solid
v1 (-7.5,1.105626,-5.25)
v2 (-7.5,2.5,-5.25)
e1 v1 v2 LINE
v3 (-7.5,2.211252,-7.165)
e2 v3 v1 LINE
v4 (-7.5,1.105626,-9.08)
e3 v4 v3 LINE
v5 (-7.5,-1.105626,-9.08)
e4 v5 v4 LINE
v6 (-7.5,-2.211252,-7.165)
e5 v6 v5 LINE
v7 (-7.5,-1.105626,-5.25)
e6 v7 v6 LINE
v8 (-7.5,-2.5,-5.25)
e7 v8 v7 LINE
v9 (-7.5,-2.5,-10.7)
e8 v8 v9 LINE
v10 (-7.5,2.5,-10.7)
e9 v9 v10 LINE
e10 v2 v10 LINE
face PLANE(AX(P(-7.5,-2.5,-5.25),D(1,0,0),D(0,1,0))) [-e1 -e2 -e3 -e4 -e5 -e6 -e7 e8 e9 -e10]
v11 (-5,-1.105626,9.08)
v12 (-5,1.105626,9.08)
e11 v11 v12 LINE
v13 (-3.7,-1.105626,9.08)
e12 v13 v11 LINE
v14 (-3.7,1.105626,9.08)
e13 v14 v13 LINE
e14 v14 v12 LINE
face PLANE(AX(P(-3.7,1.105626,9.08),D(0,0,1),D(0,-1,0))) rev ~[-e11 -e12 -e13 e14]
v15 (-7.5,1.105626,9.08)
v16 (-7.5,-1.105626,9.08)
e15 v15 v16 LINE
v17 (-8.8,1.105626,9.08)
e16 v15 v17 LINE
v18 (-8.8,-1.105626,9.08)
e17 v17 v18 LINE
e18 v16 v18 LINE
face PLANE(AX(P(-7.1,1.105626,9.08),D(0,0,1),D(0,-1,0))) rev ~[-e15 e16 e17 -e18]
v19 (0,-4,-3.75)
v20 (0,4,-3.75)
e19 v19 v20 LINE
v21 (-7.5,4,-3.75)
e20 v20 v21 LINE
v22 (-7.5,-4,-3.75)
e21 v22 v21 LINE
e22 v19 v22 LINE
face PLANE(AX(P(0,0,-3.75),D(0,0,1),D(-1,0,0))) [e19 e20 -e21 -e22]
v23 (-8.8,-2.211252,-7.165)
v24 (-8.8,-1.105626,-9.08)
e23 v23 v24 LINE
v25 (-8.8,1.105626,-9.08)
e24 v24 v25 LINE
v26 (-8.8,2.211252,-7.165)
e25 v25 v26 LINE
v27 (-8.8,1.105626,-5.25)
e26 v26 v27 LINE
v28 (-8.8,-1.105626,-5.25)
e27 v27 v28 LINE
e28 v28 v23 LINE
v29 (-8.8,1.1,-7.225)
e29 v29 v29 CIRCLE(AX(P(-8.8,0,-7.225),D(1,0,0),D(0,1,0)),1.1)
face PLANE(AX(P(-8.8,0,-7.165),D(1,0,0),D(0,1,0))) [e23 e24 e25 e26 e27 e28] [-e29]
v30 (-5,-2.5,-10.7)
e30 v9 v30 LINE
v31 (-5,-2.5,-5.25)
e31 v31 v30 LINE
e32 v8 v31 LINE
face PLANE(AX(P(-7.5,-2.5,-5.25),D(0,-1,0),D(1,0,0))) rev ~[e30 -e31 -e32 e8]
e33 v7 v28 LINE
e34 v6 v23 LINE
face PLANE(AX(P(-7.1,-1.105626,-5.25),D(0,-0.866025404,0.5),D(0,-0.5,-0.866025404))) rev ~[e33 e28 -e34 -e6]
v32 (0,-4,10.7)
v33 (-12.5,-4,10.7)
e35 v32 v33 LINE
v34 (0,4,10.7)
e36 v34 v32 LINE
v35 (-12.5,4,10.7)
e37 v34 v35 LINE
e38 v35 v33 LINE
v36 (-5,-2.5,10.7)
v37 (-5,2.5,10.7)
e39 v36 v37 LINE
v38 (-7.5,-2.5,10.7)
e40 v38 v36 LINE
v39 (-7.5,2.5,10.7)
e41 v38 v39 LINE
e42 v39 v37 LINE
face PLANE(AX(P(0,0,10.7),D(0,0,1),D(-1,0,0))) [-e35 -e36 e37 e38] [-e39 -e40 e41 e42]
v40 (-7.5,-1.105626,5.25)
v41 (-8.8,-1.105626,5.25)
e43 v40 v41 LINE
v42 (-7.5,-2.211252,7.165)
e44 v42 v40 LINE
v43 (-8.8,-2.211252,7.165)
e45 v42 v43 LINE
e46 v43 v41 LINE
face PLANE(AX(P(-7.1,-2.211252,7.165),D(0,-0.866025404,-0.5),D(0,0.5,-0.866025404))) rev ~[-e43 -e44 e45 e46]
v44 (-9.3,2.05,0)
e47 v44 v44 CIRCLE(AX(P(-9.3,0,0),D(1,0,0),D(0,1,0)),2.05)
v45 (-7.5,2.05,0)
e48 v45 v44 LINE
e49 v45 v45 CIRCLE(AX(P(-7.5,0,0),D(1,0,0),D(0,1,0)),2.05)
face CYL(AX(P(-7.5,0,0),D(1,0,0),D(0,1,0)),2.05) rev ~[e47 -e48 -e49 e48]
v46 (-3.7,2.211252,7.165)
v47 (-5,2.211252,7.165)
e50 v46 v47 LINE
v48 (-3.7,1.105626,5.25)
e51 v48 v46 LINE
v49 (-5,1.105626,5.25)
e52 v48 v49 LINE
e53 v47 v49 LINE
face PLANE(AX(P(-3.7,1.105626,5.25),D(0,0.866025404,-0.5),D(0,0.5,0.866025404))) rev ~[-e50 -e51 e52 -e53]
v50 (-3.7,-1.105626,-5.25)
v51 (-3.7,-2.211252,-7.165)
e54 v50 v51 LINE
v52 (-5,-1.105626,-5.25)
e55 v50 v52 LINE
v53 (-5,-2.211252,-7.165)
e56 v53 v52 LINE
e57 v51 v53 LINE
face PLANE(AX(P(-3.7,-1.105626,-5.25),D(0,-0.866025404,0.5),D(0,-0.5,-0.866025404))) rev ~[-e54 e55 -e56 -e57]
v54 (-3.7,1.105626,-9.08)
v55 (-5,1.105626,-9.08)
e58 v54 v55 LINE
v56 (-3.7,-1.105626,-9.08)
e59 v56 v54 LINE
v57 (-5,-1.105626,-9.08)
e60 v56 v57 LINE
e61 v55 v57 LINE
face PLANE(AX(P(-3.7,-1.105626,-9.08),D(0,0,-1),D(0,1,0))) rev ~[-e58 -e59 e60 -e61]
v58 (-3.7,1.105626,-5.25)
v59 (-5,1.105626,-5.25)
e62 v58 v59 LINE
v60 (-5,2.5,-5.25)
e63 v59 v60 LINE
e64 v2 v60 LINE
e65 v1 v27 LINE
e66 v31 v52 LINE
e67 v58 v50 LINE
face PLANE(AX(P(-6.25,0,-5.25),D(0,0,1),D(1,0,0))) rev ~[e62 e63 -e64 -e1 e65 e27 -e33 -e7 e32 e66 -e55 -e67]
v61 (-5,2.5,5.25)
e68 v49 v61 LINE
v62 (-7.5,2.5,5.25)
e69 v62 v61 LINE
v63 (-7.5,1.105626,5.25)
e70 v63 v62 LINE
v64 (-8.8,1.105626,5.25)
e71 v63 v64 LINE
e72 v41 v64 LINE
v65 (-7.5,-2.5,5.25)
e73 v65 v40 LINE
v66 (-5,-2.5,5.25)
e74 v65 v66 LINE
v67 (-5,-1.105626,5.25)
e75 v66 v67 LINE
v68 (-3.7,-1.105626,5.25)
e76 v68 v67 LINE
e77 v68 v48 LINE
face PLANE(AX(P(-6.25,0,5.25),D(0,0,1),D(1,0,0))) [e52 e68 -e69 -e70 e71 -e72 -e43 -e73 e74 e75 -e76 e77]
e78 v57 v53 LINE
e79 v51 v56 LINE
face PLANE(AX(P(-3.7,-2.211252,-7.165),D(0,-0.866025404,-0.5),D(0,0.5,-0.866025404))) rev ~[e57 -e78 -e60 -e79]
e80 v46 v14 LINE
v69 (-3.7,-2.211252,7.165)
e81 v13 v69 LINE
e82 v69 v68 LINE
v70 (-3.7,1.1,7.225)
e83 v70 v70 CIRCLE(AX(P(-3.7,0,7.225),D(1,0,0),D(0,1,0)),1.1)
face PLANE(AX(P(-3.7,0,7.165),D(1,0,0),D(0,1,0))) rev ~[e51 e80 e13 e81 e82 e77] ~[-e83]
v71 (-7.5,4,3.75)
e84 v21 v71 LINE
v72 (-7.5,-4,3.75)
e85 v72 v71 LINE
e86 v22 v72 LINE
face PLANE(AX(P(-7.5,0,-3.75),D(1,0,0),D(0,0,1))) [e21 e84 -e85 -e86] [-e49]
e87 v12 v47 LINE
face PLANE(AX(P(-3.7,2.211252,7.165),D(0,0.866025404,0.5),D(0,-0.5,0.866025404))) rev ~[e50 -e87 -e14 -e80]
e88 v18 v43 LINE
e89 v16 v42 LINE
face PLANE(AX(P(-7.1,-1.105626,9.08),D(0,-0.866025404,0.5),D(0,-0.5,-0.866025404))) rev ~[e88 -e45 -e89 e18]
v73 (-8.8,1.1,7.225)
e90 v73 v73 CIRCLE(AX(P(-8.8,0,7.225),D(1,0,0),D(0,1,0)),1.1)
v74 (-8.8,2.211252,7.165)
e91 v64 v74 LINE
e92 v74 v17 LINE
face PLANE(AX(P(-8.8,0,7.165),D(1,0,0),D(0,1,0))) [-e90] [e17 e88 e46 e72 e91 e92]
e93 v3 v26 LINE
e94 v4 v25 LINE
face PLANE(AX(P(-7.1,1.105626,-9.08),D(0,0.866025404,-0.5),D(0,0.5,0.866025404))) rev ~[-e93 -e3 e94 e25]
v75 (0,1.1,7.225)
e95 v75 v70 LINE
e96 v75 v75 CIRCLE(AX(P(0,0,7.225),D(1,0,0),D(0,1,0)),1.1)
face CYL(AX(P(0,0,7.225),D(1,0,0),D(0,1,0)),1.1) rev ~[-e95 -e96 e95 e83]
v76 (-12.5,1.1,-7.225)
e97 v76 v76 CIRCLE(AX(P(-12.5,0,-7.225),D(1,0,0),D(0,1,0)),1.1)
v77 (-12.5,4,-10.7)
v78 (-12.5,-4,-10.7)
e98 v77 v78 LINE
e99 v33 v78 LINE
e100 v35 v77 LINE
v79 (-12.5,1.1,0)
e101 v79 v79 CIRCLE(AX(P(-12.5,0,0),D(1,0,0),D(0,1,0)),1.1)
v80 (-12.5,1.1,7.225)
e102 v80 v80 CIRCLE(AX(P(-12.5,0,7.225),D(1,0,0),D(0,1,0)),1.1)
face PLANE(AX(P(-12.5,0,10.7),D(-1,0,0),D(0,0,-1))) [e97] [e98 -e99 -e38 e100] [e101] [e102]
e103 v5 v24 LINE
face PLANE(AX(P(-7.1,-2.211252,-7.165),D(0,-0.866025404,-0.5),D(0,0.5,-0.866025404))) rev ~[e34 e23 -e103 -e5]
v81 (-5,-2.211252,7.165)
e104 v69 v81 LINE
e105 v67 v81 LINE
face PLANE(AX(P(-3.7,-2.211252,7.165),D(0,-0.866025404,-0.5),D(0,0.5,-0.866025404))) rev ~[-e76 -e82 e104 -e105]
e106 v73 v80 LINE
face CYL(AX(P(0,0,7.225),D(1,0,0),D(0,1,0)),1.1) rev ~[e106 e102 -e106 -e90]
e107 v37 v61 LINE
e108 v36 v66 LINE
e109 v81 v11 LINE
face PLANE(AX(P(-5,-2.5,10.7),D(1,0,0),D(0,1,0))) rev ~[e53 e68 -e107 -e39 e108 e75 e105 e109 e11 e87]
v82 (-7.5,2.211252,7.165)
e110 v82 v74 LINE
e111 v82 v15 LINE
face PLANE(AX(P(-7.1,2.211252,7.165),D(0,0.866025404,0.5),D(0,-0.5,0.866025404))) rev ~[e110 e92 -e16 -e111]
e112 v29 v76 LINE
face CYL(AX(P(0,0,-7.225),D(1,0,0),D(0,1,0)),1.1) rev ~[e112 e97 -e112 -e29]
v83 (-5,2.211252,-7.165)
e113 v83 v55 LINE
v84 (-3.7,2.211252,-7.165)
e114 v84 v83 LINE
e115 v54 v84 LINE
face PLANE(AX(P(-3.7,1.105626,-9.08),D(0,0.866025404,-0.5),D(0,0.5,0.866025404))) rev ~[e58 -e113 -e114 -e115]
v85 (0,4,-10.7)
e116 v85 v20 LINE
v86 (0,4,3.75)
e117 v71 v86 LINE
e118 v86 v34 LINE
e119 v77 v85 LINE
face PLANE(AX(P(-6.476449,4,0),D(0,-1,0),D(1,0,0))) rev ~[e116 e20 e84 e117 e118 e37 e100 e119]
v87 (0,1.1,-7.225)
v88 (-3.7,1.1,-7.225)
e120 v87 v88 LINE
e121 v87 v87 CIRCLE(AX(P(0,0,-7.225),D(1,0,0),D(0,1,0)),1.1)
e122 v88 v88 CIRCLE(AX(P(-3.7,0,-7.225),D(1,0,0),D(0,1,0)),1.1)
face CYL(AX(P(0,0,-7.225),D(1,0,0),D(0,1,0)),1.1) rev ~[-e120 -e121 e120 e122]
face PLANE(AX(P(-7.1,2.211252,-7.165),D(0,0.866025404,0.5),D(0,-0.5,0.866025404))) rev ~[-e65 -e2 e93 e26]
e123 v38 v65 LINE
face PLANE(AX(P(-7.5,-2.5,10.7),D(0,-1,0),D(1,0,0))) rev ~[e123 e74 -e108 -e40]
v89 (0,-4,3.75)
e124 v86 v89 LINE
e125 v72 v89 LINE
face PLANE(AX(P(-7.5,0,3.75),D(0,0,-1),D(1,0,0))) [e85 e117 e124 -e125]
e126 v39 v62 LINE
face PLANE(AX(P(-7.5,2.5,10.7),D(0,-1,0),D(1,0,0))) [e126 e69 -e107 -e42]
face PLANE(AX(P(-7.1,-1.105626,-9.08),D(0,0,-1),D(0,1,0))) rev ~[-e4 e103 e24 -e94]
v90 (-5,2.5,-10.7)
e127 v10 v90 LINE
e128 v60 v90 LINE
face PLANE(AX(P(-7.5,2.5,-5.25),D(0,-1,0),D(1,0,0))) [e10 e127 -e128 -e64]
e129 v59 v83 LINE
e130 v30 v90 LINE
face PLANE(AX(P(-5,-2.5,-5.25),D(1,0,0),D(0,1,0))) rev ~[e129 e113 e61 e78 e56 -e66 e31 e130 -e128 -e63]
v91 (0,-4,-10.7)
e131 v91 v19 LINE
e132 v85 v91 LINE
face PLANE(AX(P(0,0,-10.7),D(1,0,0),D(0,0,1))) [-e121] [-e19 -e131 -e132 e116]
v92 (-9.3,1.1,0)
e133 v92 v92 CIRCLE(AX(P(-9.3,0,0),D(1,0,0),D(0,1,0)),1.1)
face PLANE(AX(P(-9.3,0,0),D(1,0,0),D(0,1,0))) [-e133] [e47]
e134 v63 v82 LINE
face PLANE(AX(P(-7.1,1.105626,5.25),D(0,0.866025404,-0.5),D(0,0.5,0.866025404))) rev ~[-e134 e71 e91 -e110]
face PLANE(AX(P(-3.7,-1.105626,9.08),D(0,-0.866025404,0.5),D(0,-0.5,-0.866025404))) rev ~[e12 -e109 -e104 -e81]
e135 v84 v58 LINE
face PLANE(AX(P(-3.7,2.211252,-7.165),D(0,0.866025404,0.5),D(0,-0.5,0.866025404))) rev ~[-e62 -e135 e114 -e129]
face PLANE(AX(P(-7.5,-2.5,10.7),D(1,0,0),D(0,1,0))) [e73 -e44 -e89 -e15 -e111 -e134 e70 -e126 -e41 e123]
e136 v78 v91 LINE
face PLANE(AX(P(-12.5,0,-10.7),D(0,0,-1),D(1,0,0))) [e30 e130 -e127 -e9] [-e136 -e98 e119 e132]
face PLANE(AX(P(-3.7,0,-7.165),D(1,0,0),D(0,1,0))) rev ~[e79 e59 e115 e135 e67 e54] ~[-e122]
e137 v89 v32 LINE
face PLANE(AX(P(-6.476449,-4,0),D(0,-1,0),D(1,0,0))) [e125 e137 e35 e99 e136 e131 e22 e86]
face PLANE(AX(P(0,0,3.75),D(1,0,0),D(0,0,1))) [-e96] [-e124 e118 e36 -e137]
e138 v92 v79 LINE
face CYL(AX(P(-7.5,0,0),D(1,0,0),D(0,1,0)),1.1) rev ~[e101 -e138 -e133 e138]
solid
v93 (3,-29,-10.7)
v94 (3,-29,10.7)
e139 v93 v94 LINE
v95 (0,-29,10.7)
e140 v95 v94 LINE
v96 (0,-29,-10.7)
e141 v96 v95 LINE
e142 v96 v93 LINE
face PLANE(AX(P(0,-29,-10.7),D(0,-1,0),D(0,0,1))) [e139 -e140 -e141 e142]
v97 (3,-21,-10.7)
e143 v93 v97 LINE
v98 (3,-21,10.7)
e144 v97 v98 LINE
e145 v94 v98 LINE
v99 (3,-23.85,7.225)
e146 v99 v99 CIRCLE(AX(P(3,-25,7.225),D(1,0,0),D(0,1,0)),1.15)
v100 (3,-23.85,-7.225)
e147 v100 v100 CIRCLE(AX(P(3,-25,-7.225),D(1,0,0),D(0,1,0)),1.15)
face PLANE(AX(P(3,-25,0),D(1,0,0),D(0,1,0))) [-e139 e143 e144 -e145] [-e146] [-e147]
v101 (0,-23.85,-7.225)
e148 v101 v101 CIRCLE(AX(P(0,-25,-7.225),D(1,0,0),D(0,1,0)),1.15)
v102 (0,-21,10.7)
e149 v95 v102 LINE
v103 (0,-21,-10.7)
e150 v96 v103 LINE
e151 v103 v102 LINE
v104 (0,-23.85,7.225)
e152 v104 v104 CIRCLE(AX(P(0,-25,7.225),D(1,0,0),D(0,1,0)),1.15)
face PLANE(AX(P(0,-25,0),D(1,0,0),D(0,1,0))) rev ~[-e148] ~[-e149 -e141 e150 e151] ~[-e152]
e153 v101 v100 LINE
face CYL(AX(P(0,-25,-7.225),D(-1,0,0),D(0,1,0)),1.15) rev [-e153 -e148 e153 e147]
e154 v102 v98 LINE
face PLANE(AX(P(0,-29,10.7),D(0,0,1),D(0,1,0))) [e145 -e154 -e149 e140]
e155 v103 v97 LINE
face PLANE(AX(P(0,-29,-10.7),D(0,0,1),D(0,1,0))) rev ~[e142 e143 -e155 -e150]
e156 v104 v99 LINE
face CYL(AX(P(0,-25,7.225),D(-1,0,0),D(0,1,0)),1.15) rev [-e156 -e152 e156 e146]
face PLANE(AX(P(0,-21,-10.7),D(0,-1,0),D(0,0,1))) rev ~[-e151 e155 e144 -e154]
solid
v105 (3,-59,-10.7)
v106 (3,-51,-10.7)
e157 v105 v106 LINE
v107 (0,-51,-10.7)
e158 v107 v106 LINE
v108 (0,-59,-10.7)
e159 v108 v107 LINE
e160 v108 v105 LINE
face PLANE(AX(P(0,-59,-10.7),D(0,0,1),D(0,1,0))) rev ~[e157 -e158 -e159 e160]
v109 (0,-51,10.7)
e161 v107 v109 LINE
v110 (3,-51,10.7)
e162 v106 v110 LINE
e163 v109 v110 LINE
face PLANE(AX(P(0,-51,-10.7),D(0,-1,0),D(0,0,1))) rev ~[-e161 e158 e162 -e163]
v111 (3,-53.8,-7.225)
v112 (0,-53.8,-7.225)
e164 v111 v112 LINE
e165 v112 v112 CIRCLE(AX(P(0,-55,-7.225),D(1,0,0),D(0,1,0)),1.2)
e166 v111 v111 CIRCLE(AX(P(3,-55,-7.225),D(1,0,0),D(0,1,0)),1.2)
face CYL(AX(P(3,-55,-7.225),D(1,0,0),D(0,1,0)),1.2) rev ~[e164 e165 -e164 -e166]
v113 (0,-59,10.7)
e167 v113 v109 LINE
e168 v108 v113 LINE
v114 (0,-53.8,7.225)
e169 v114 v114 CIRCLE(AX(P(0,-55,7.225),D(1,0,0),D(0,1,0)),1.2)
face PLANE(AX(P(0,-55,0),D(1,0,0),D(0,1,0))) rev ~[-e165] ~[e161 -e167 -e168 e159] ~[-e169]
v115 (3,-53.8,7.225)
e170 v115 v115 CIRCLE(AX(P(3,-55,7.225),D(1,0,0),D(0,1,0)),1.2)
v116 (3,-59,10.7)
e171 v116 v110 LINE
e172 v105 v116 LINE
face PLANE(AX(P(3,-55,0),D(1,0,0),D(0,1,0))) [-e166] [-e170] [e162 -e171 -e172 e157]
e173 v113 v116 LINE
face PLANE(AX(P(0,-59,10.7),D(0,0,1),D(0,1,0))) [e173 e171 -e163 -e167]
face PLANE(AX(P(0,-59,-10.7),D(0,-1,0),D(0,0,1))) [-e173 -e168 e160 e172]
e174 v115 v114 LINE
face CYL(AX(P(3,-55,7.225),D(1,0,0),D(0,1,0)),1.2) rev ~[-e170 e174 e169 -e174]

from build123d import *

# Parameters (mm, degrees)
F2_DEPTH  = 4
F4_START  = -3.7
F4_DEPTH  = 1.7
F5_W      = 2.5
F5_H      = 5
F6_DEPTH  = 5.45
F7_R      = 1.1
F8_DEPTH  = 12.501
F9_START  = -15.95
F9_DEPTH  = 5.45
F10_START = -7.1
F10_DEPTH = 1.7
F11_R     = 1.1
F13_DEPTH = 5
F12_R     = 2.05
F14_DEPTH = 1.8
F16_W     = 8
F16_H     = 21.4
F16_R     = 1.15
F17_DEPTH = 3
F20_R     = 1.2
F21_DEPTH = 15.501


with BuildPart() as f2:
    # F1 (on Front) → F2 (new body, symmetric)
    with BuildSketch(Plane.XZ):
        Polygon((-7.5, 3.75), (0, 3.75), (0, 10.7), (-12.5, 10.7), (-12.5, -10.7), (0, -10.7), (0, -3.75), (-7.5, -3.75), align=None)
    extrude(amount=F2_DEPTH, both=True)

    # F3 (on face) → F4 (cut)
    with BuildSketch(Plane.YZ.offset(F4_START)):
        Polygon((-1.1056257655, 5.25), (0, 5.25), (1.1056257655, 5.25), (2.211251531, 7.165), (1.1056257655, 9.08), (0, 9.08), (-1.1056257655, 9.08), (-2.211251531, 7.165), align=None)
        Polygon((-2.211251531, -7.165), (-1.1056257655, -9.08), (0, -9.08), (1.1056257655, -9.08), (2.211251531, -7.165), (1.1056257655, -5.25), (0, -5.25), (-1.1056257655, -5.25), align=None)
    extrude(amount=-F4_DEPTH, mode=Mode.SUBTRACT)

    # F5 (on face) → F6 (cut, through all)
    with BuildSketch(Plane.XY.offset(10.7)):
        with Locations((-6.25, 0)):
            Rectangle(F5_W, F5_H)
    extrude(amount=-F6_DEPTH, mode=Mode.SUBTRACT)

    # F7 (on face) → F8 (cut, through all)
    with BuildSketch(Plane.YZ):
        with Locations((0, 7.225)):
            Circle(F7_R)
        with Locations((0, -7.225)):
            Circle(F7_R)
    extrude(amount=-F8_DEPTH, mode=Mode.SUBTRACT)

    # F5 (on face) → F9 (cut)
    with BuildSketch(Plane.XY.offset(10.7).offset(F9_START)):
        with Locations((-6.25, 0)):
            Rectangle(F5_W, F5_H)
    extrude(amount=-F9_DEPTH, mode=Mode.SUBTRACT)

    # F3 (on face) → F10 (cut)
    with BuildSketch(Plane.YZ.offset(F10_START)):
        Polygon((-1.1056257655, 5.25), (0, 5.25), (1.1056257655, 5.25), (2.211251531, 7.165), (1.1056257655, 9.08), (0, 9.08), (-1.1056257655, 9.08), (-2.211251531, 7.165), align=None)
        Polygon((-2.211251531, -7.165), (-1.1056257655, -9.08), (0, -9.08), (1.1056257655, -9.08), (2.211251531, -7.165), (1.1056257655, -5.25), (0, -5.25), (-1.1056257655, -5.25), align=None)
    extrude(amount=-F10_DEPTH, mode=Mode.SUBTRACT)

    # F11 (on face) → F13 (cut, through all)
    with BuildSketch(Plane.YZ.offset(-7.5)):
        Circle(F11_R)
    extrude(amount=-F13_DEPTH, mode=Mode.SUBTRACT)

    # F12 (on face) → F14 (cut)
    with BuildSketch(Plane.YZ.offset(-7.5)):
        Circle(F12_R)
    extrude(amount=-F14_DEPTH, mode=Mode.SUBTRACT)


with BuildPart() as f17:
    # F16 (on Right) → F17 (new body)
    with BuildSketch(Plane.YZ):
        with Locations((-25, 0)):
            Rectangle(F16_W, F16_H)
        with Locations((-25, -7.225)):
            Circle(F16_R, mode=Mode.SUBTRACT)
        with Locations((-25, 7.225)):
            Circle(F16_R, mode=Mode.SUBTRACT)
    extrude(amount=F17_DEPTH)


with BuildPart() as f19_1:
    # F19: copy of F17
    add(f17.part.moved(Location((0, -30, 0))))

    # F20 (on face) → F21 (cut, through all)
    with BuildSketch(Plane.YZ.offset(3)):
        with Locations((-55, 7.225)):
            Circle(F20_R)
        with Locations((-55, -7.225)):
            Circle(F20_R)
    extrude(amount=-F21_DEPTH, mode=Mode.SUBTRACT)


solid = Compound([f2.part, f17.part, f19_1.part])
